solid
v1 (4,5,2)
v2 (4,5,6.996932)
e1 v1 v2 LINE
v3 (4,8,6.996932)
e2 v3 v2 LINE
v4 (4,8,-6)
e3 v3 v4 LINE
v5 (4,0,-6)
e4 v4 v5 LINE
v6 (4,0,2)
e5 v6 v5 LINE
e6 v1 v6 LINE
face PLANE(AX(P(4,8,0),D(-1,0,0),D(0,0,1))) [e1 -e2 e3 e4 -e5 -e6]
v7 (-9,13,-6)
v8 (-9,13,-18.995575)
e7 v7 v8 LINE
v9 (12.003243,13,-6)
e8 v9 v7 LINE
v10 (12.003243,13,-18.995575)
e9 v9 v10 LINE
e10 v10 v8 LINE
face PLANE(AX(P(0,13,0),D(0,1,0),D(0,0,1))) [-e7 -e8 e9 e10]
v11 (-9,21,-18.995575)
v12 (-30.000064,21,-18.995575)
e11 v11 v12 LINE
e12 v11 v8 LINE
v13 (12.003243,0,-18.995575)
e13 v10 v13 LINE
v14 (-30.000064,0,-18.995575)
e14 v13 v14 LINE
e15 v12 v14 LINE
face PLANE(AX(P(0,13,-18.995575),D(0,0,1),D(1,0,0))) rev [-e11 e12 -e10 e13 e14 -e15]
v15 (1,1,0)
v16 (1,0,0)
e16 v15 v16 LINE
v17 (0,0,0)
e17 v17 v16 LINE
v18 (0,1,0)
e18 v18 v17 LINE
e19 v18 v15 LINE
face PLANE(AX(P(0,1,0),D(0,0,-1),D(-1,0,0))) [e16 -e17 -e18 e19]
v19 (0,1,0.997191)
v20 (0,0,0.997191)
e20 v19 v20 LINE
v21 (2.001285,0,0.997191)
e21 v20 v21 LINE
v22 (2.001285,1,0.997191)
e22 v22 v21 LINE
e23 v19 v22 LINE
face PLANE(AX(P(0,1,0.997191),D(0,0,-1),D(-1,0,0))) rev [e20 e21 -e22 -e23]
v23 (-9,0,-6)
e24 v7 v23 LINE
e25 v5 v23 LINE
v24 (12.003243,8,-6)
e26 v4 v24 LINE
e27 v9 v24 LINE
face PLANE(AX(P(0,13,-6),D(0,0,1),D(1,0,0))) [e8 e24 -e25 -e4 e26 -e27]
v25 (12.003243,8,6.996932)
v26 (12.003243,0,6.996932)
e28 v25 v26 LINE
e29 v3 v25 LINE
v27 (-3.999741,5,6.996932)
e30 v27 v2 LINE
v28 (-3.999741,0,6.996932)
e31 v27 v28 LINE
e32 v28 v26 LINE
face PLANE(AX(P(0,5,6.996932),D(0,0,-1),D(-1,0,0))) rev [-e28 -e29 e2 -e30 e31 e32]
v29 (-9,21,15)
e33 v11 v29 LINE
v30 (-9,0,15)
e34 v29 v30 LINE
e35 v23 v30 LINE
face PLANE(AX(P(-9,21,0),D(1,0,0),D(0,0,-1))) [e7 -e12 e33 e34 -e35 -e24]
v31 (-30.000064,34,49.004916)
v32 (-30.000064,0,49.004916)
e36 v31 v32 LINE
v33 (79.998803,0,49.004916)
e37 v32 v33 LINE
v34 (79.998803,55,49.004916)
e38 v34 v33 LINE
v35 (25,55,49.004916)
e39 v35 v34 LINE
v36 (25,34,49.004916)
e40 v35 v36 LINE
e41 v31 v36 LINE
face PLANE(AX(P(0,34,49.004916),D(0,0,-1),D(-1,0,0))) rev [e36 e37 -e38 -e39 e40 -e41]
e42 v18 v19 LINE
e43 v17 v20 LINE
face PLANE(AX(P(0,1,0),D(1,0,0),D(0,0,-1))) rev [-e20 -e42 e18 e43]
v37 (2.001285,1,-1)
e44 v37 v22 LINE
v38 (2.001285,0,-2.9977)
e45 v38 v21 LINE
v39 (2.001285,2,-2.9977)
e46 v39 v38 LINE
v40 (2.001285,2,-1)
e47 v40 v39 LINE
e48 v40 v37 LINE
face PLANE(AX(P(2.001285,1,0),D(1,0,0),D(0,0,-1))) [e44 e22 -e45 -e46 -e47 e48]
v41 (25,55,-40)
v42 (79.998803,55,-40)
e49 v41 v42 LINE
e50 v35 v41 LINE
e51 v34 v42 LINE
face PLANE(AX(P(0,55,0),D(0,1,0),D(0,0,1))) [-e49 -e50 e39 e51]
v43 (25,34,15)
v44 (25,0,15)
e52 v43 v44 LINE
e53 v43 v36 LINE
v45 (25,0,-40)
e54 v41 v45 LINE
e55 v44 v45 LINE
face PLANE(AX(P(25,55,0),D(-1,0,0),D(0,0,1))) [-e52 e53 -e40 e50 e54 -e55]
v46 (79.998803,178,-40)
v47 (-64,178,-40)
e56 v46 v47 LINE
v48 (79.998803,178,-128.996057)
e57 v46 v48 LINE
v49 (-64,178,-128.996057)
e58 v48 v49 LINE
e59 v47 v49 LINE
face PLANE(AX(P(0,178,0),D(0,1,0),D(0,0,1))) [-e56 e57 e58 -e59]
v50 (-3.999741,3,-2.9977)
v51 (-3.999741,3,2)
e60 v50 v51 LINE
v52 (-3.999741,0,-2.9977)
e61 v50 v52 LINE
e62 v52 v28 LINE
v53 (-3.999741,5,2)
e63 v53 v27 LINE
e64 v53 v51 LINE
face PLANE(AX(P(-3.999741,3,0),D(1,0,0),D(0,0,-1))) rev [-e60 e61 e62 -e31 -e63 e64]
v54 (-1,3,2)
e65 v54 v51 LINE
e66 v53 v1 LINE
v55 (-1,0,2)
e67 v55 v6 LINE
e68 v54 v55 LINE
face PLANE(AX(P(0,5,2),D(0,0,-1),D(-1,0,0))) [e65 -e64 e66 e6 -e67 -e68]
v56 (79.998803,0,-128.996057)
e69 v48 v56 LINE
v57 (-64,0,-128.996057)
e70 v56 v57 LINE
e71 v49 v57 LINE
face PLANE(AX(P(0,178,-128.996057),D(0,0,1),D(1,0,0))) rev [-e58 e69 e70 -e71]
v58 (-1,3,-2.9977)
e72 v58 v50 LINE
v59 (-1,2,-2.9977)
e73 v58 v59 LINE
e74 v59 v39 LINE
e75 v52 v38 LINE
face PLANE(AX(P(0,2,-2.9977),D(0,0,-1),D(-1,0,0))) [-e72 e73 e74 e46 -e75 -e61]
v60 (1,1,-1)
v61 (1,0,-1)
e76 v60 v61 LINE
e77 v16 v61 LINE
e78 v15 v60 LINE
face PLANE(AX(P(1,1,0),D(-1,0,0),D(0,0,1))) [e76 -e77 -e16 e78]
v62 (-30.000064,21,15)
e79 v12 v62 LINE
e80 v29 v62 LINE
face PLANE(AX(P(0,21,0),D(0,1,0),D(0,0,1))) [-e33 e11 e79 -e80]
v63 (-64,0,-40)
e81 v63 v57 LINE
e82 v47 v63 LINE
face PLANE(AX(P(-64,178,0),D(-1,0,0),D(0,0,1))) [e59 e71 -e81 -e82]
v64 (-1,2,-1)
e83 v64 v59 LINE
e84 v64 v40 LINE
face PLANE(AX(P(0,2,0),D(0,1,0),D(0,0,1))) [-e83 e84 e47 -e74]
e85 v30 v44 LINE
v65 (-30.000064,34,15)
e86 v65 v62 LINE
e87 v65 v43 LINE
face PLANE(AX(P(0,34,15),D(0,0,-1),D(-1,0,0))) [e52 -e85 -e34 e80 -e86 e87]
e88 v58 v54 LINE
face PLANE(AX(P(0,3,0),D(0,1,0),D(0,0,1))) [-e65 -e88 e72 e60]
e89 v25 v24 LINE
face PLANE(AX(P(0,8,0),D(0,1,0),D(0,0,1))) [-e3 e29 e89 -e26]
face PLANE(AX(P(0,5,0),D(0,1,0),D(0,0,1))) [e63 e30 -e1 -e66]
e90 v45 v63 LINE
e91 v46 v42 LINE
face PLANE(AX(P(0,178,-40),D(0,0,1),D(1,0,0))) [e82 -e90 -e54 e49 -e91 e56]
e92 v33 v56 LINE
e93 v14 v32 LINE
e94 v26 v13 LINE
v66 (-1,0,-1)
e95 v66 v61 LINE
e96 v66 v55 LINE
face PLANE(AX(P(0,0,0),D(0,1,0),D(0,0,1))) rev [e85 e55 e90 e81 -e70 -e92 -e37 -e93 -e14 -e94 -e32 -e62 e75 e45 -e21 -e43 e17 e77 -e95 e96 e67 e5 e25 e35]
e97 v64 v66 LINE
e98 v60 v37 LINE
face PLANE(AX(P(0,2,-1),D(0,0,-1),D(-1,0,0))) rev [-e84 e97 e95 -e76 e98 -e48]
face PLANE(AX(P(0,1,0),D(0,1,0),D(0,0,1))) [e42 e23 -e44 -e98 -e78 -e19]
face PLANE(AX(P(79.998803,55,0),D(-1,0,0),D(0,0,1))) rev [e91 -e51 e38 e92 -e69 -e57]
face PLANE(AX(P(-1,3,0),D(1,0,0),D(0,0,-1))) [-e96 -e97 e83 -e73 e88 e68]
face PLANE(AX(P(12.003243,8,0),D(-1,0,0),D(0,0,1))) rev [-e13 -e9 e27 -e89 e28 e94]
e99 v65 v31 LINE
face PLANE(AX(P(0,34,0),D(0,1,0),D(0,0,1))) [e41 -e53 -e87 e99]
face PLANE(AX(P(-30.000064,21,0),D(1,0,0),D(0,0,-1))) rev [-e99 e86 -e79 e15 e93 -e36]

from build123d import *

# Parameters (mm, degrees)
BOSS_EXTRUDE1_DEPTH  = 1
BOSS_EXTRUDE2_DEPTH  = 2
BOSS_EXTRUDE3_DEPTH  = 3
BOSS_EXTRUDE4_DEPTH  = 5
BOSS_EXTRUDE5_DEPTH  = 8
BOSS_EXTRUDE6_DEPTH  = 13
BOSS_EXTRUDE7_DEPTH  = 21
BOSS_EXTRUDE8_DEPTH  = 34
BOSS_EXTRUDE9_DEPTH  = 55
BOSS_EXTRUDE10_DEPTH = 178


with BuildPart() as part:
    # Sketch1 → Boss-Extrude1 (new body)
    with BuildSketch(Plane(origin=(0, 0, 0), x_dir=(1, 0, 0), z_dir=(0, 1, 0))):
        Polygon((1, 0), (0, 0), (0, -0.997190903), (2.001284941, -0.997190903), (2.001284941, 1), (1, 1), align=None)
    extrude(amount=BOSS_EXTRUDE1_DEPTH)

    # Sketch1<3> → Boss-Extrude2 (add)
    with BuildSketch(Plane(origin=(0, 0, 0), x_dir=(1, 0, 0), z_dir=(0, 1, 0))):
        Polygon((-1, 1), (1, 1), (2.001284941, 1), (2.001284941, 2.997699814), (-1, 2.997699814), align=None)
    extrude(amount=BOSS_EXTRUDE2_DEPTH)

    # Sketch1<4> → Boss-Extrude3 (add)
    with BuildSketch(Plane(origin=(0, 0, 0), x_dir=(1, 0, 0), z_dir=(0, 1, 0))):
        Polygon((-1, -2), (-1, 1), (-1, 2.997699814), (-3.999741098, 2.997699814), (-3.999741098, -2), align=None)
    extrude(amount=BOSS_EXTRUDE3_DEPTH)

    # Sketch1<5> → Boss-Extrude4 (add)
    with BuildSketch(Plane(origin=(0, 0, 0), x_dir=(1, 0, 0), z_dir=(0, 1, 0))):
        Polygon((4, -2), (-1, -2), (-3.999741098, -2), (-3.999741098, -6.996932288), (4, -6.996932288), align=None)
    extrude(amount=BOSS_EXTRUDE4_DEPTH)

    # Sketch1<6> → Boss-Extrude5 (add)
    with BuildSketch(Plane(origin=(0, 0, 0), x_dir=(1, 0, 0), z_dir=(0, 1, 0))):
        Polygon((4, 6), (4, -2), (4, -6.996932288), (12.003242926, -6.996932288), (12.003242926, 6), align=None)
    extrude(amount=BOSS_EXTRUDE5_DEPTH)

    # Sketch1<7> → Boss-Extrude6 (add)
    with BuildSketch(Plane(origin=(0, 0, 0), x_dir=(1, 0, 0), z_dir=(0, 1, 0))):
        Polygon((-9, 6), (4, 6), (12.003242926, 6), (12.003242926, 18.995575243), (-9, 18.995575243), align=None)
    extrude(amount=BOSS_EXTRUDE6_DEPTH)

    # Sketch1<8> → Boss-Extrude7 (add)
    with BuildSketch(Plane(origin=(0, 0, 0), x_dir=(1, 0, 0), z_dir=(0, 1, 0))):
        Polygon((-9, -15), (-9, 6), (-9, 18.995575243), (-30.000063684, 18.995575243), (-30.000063684, -15), align=None)
    extrude(amount=BOSS_EXTRUDE7_DEPTH)

    # Sketch1<9> → Boss-Extrude8 (add)
    with BuildSketch(Plane(origin=(0, 0, 0), x_dir=(1, 0, 0), z_dir=(0, 1, 0))):
        Polygon((25, -15), (-9, -15), (-30.000063684, -15), (-30.000063684, -49.004916202), (25, -49.004916202), align=None)
    extrude(amount=BOSS_EXTRUDE8_DEPTH)

    # Sketch1<10> → Boss-Extrude9 (add)
    with BuildSketch(Plane(origin=(0, 0, 0), x_dir=(1, 0, 0), z_dir=(0, 1, 0))):
        Polygon((25, 40), (25, -15), (25, -49.004916202), (79.998803233, -49.004916202), (79.998803233, 40), align=None)
    extrude(amount=BOSS_EXTRUDE9_DEPTH)

    # Sketch1<12> → Boss-Extrude10 (add)
    with BuildSketch(Plane(origin=(0, 0, 0), x_dir=(1, 0, 0), z_dir=(0, 1, 0))):
        Polygon((-64, 40), (25, 40), (79.998803233, 40), (79.998803233, 128.996056825), (-64, 128.996056825), align=None)
    extrude(amount=BOSS_EXTRUDE10_DEPTH)


solid = part.part
